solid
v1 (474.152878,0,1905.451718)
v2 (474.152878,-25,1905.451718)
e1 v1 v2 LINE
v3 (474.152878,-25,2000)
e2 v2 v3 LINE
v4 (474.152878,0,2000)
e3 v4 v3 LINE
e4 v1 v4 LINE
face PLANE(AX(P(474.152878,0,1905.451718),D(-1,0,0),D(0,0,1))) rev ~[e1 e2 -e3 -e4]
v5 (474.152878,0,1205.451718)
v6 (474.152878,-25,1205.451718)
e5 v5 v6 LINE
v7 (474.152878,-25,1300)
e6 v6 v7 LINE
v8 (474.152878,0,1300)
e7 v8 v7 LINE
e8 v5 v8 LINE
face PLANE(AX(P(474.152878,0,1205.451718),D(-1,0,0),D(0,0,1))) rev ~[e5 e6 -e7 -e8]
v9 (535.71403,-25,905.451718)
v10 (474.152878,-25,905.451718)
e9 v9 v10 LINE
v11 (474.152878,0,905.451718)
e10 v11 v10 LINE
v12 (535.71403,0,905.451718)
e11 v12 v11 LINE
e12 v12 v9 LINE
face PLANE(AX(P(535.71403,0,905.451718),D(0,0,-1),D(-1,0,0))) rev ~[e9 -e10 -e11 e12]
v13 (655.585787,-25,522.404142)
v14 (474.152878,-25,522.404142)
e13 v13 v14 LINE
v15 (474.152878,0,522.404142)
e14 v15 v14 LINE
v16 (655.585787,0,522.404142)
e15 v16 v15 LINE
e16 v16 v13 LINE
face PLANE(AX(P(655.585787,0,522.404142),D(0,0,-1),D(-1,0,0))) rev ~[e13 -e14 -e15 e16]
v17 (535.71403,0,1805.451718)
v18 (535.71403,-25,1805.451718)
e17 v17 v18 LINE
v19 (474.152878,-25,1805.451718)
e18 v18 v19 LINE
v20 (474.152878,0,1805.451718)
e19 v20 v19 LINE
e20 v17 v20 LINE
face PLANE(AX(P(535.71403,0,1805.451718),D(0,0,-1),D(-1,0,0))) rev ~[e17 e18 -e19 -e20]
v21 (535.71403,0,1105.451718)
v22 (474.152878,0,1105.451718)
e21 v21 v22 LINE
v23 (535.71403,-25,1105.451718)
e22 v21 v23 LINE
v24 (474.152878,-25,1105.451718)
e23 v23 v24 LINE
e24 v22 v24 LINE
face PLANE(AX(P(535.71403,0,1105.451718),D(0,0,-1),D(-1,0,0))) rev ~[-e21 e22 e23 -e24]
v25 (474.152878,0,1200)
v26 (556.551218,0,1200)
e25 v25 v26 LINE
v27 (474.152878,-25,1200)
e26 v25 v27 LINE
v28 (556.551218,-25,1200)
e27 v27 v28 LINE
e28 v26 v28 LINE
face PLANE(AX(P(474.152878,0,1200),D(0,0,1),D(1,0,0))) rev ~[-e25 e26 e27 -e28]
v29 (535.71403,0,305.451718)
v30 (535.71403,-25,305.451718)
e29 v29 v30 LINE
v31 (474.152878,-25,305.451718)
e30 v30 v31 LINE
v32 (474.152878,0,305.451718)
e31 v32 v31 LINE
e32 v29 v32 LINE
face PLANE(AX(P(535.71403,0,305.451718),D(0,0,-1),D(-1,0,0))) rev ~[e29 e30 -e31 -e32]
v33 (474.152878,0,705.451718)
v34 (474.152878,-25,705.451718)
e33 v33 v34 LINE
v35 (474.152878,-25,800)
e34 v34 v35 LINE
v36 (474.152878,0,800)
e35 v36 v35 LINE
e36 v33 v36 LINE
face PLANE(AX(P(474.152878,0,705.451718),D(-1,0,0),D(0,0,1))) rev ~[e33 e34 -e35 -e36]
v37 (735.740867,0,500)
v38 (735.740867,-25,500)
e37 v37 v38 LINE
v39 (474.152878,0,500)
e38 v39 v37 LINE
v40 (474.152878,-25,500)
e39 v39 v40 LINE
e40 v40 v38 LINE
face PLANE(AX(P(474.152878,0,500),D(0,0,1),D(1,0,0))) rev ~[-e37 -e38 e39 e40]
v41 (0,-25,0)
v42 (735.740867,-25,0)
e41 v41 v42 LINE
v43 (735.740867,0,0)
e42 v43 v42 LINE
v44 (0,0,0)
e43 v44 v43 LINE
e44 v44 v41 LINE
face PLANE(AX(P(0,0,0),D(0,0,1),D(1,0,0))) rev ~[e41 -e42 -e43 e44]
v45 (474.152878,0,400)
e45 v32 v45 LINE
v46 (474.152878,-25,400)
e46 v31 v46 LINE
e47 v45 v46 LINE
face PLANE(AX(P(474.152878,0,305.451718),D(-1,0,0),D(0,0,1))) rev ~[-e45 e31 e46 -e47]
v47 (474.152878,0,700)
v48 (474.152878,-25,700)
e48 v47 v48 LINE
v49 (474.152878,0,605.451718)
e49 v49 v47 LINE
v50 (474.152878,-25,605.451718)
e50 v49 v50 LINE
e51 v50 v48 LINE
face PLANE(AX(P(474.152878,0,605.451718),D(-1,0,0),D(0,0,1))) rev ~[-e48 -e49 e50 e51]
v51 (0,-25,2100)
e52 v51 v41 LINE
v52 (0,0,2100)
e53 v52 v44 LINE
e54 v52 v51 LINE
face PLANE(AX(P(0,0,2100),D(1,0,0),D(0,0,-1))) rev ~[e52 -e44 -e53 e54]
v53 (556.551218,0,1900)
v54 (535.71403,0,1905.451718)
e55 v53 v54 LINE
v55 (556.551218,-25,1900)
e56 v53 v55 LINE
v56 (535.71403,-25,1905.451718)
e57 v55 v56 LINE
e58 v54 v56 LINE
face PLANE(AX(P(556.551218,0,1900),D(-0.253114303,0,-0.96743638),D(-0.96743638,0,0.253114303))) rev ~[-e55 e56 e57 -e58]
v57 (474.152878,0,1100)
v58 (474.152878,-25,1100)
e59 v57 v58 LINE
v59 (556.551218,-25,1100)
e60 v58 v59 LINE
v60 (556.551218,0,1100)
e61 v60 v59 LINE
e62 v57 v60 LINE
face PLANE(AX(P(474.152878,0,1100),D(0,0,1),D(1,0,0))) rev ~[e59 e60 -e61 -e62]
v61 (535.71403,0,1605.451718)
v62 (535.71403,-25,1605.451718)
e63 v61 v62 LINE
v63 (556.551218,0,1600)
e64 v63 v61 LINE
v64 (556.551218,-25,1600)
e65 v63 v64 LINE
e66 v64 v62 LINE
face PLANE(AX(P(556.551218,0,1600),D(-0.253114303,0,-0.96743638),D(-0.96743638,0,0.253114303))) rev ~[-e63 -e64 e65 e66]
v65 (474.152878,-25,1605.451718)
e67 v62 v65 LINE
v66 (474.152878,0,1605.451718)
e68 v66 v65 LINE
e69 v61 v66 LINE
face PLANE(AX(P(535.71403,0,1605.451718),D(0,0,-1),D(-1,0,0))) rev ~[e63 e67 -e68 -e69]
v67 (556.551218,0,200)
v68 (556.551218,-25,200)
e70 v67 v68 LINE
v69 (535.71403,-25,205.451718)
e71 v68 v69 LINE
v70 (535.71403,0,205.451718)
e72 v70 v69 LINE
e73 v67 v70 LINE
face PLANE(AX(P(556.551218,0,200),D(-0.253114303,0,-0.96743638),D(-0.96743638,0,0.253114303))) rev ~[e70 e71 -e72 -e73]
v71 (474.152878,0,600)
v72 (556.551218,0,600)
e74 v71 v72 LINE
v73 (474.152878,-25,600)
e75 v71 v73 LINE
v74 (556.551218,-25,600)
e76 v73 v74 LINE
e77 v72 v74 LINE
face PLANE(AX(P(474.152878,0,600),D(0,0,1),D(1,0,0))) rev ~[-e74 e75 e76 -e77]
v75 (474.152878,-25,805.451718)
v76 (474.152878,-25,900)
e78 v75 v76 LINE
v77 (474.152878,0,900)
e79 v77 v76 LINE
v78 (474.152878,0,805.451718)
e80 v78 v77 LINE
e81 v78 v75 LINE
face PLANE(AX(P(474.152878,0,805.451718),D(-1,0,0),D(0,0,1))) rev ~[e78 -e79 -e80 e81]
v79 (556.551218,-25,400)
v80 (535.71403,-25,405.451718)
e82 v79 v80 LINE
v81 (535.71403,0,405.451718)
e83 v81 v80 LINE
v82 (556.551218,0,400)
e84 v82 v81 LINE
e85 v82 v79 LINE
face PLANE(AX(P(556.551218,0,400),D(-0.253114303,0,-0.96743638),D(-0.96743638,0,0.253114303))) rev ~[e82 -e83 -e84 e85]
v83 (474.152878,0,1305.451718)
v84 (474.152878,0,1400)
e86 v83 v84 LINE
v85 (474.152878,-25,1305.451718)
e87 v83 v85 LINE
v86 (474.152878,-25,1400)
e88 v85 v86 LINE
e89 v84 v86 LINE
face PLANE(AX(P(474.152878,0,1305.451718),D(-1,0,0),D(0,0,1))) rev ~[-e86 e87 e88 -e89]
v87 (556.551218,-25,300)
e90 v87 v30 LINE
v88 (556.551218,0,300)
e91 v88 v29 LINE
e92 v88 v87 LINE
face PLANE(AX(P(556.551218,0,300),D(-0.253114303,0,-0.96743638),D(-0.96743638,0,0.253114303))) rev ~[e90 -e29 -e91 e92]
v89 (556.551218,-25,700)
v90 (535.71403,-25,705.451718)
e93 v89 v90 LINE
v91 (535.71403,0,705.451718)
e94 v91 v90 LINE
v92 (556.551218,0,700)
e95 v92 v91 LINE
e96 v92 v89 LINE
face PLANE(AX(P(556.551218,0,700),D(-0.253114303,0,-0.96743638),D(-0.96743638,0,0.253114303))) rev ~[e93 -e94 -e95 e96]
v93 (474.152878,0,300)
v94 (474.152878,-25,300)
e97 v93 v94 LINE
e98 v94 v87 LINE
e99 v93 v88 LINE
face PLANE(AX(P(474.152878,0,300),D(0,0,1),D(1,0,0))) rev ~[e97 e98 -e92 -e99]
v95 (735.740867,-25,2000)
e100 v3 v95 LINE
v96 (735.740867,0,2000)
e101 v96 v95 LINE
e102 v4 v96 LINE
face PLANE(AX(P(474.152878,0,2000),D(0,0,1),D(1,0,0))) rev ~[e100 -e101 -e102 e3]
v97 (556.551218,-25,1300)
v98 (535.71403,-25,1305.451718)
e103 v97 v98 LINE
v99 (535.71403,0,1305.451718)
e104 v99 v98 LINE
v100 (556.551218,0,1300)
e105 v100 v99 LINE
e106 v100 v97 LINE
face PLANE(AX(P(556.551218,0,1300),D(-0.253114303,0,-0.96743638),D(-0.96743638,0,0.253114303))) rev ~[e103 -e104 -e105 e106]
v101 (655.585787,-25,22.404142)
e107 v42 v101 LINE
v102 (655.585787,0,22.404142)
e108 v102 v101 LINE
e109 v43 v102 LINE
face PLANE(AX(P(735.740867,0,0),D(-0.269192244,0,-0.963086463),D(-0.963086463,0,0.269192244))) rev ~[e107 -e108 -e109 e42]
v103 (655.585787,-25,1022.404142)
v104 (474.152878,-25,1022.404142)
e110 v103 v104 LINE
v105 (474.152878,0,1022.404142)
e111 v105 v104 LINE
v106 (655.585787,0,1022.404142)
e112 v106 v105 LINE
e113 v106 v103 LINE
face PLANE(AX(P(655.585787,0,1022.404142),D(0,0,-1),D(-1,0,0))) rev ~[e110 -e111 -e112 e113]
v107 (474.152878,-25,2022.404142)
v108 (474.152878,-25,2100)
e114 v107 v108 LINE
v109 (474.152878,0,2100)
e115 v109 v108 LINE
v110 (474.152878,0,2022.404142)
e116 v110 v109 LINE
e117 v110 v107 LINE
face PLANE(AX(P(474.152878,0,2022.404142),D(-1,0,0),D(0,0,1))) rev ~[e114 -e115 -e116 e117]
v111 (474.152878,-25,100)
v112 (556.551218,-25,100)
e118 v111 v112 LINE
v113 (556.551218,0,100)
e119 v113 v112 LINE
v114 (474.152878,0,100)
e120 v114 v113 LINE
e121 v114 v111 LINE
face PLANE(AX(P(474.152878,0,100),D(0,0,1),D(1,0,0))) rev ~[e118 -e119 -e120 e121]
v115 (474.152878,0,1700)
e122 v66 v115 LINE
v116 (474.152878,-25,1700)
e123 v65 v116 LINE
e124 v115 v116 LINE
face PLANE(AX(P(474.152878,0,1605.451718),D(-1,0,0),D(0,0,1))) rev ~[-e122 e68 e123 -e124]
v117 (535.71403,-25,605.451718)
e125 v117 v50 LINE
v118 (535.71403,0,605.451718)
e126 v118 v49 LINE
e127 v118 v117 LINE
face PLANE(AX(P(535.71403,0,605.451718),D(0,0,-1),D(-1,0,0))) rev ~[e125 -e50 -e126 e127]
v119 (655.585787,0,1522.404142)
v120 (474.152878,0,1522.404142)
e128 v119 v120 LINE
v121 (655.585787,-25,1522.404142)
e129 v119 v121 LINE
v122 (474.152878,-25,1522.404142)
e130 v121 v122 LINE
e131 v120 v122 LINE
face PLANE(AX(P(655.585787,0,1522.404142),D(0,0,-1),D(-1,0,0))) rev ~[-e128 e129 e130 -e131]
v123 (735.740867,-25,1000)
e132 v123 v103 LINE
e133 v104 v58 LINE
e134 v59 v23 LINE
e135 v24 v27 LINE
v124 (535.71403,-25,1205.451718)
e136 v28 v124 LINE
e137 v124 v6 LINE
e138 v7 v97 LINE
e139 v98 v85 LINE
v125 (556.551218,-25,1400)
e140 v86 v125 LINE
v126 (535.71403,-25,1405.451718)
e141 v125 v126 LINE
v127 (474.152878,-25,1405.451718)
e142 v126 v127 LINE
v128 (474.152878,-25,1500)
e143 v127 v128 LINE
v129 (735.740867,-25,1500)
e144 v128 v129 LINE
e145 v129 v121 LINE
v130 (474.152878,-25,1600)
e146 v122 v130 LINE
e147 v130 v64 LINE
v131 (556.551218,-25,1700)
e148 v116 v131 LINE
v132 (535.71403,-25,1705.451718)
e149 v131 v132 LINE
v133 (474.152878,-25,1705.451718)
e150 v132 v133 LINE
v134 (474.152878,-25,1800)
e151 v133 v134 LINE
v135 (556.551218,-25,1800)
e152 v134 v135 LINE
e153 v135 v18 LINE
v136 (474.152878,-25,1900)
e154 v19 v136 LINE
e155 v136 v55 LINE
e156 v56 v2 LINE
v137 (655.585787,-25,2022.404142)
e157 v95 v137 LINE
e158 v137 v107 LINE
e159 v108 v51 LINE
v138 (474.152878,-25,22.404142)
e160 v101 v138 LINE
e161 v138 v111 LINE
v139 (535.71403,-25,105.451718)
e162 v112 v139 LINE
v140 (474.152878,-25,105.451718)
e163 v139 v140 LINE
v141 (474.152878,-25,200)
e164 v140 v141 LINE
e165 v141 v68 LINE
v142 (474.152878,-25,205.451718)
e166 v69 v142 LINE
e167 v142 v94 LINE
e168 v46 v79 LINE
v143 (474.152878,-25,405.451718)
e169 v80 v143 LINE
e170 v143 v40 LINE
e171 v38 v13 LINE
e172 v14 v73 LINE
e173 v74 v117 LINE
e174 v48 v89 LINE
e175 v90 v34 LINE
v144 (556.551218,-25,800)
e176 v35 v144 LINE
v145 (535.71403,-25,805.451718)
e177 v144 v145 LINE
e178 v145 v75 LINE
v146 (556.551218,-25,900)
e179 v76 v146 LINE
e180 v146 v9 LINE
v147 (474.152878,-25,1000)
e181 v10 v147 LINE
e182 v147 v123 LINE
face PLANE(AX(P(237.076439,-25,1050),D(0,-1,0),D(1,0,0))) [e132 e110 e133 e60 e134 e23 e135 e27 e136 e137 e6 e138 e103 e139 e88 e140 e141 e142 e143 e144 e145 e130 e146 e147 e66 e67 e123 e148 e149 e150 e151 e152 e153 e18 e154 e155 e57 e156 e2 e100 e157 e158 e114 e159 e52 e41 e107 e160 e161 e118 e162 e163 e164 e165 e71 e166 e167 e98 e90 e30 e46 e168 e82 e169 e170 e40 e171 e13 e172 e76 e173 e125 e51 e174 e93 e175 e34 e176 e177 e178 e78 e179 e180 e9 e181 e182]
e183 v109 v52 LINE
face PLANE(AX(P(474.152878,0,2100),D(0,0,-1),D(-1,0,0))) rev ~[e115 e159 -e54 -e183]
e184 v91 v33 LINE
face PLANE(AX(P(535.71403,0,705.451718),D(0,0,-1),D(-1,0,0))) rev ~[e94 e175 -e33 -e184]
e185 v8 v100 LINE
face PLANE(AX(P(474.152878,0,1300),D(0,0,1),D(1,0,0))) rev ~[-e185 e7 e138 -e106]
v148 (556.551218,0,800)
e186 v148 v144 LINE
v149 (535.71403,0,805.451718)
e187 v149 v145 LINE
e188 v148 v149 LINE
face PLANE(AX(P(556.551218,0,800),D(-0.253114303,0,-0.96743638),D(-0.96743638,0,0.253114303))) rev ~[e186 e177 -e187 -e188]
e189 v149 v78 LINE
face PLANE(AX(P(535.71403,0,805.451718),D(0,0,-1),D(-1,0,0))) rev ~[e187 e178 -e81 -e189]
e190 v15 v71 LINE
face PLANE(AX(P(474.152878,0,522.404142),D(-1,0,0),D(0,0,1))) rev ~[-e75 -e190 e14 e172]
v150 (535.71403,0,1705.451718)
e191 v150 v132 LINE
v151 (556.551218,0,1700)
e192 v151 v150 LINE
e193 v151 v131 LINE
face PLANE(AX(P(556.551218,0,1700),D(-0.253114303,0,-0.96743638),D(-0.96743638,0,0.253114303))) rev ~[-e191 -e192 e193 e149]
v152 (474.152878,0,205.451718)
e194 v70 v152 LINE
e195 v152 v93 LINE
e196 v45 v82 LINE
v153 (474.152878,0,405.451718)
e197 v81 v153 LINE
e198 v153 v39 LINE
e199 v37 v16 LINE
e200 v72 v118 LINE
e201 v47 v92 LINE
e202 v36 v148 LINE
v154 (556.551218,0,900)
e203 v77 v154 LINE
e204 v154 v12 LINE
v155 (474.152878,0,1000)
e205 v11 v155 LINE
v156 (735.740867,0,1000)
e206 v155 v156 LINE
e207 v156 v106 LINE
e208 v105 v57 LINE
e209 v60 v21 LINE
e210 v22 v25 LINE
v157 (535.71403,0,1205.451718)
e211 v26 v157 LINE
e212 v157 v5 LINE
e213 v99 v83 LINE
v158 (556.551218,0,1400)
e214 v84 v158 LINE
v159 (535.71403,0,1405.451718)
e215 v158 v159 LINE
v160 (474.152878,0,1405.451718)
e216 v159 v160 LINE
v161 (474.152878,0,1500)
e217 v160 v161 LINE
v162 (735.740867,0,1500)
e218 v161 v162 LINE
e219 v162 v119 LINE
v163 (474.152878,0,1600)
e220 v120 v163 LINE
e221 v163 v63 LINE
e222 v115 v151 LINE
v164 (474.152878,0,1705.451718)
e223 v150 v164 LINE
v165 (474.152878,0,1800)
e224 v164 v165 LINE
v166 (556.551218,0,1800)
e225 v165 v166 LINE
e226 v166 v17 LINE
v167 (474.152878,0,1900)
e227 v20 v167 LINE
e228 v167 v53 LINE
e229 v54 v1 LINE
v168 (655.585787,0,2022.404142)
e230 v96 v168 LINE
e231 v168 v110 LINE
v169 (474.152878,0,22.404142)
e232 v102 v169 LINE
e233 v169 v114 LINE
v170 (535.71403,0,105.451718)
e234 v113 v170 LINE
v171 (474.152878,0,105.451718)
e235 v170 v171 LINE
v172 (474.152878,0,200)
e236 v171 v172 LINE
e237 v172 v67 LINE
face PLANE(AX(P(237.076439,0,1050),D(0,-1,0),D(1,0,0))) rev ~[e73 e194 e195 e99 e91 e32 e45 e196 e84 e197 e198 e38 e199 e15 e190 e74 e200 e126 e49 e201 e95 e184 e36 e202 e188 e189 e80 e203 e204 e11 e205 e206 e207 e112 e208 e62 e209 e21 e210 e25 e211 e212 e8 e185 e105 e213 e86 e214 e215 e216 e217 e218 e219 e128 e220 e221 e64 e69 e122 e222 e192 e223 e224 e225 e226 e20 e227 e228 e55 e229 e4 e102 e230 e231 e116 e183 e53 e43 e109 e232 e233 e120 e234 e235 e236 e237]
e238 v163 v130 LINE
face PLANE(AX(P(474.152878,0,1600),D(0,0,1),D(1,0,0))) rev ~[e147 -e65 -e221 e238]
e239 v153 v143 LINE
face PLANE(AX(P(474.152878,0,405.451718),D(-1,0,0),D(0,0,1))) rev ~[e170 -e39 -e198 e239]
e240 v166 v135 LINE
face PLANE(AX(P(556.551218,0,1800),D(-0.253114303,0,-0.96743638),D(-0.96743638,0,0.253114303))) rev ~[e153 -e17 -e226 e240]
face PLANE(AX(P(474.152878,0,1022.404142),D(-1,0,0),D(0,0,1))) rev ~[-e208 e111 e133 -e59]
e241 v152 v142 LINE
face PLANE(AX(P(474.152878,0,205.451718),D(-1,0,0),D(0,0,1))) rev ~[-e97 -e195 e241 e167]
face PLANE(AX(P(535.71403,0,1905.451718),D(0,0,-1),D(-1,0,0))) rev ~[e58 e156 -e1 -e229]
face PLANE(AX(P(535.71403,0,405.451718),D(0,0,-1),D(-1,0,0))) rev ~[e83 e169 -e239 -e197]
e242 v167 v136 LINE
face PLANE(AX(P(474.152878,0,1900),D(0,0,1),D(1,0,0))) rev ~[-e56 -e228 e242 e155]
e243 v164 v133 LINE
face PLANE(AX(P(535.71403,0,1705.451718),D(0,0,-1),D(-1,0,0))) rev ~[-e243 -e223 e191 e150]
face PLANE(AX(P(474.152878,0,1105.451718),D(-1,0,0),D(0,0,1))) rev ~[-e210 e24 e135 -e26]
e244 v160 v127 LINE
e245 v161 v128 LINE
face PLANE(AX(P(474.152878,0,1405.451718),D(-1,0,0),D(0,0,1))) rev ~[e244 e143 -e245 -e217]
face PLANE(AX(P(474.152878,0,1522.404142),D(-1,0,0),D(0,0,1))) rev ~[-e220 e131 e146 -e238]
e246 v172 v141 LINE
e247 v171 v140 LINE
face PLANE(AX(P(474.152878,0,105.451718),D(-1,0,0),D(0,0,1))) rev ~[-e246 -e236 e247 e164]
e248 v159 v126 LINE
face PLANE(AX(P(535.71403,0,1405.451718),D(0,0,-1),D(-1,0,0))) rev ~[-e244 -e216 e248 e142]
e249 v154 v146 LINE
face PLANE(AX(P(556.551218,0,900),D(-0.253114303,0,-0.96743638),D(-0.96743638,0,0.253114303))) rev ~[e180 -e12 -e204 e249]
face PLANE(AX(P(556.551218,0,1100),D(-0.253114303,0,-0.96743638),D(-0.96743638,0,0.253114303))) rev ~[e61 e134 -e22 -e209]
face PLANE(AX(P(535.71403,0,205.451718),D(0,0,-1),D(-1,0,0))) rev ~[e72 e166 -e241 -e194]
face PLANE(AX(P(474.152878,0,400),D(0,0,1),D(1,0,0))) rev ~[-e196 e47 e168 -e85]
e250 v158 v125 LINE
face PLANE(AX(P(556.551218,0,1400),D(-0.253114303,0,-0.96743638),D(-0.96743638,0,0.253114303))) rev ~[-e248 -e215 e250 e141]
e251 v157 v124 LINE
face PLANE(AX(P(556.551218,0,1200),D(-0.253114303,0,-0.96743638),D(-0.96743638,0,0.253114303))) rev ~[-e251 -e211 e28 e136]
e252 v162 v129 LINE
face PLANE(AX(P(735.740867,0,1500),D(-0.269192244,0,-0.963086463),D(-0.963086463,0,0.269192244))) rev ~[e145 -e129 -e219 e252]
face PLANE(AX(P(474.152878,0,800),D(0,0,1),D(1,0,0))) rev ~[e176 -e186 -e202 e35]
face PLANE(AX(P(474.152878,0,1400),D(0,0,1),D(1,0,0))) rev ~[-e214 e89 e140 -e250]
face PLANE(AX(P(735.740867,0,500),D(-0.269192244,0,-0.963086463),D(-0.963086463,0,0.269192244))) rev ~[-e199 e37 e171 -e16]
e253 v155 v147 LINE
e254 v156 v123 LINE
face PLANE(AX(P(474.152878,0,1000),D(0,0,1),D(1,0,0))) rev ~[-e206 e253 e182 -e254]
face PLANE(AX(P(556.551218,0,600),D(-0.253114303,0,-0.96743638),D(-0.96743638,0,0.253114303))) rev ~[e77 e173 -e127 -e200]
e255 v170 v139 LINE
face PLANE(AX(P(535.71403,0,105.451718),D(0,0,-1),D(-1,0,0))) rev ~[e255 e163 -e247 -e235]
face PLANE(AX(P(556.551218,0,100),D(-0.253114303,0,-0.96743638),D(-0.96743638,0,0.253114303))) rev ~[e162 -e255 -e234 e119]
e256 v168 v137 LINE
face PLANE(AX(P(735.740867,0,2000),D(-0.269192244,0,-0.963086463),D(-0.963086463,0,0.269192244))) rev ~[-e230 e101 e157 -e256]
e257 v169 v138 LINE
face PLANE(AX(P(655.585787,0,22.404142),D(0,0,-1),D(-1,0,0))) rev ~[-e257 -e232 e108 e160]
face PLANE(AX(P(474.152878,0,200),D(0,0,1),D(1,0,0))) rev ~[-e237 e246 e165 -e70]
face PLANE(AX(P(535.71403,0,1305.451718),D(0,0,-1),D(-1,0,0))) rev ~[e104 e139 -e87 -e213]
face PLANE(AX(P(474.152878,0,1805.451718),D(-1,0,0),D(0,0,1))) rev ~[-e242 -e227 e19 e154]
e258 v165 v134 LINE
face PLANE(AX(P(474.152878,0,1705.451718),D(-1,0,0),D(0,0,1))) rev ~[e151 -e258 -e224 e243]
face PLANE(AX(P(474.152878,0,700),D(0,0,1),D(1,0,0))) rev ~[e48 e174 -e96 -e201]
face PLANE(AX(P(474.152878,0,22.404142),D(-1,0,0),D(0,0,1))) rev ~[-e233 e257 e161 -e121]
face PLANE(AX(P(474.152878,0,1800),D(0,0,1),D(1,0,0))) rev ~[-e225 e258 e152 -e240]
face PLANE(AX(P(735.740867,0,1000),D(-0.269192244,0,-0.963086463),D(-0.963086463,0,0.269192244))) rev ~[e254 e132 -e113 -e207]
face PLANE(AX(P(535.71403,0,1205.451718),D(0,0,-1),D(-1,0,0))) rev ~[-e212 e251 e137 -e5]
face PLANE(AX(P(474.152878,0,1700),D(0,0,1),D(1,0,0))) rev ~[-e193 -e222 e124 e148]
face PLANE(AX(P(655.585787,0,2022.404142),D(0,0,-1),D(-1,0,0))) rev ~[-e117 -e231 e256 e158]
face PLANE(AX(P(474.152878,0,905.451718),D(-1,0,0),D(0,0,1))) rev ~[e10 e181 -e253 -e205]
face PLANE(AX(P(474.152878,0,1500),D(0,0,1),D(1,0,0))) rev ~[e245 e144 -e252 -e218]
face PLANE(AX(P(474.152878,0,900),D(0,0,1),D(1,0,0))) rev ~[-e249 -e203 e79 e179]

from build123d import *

# Parameters (mm, degrees)
F1_DEPTH = 25


with BuildPart() as f1:
    # F0 (on Front) → F1 (new body)
    with BuildSketch(Plane.XZ):
        Polygon((0, 2100), (0, 0), (474.152878, 0), (474.152878, 5.451718), (474.152878, 22.404142), (474.152878, 100), (474.152878, 105.451718), (474.152878, 200), (474.152878, 205.451718), (474.152878, 300), (474.152878, 305.451718), (474.152878, 400), (474.152878, 405.451718), (474.152878, 500), (474.152878, 505.451718), (474.152878, 522.404142), (474.152878, 600), (474.152878, 605.451718), (474.152878, 700), (474.152878, 705.451718), (474.152878, 800), (474.152878, 805.451718), (474.152878, 900), (474.152878, 905.451718), (474.152878, 1000), (474.152878, 1005.451718), (474.152878, 1022.404142), (474.152878, 1100), (474.152878, 1105.451718), (474.152878, 1200), (474.152878, 1205.451718), (474.152878, 1300), (474.152878, 1305.451718), (474.152878, 1400), (474.152878, 1405.451718), (474.152878, 1500), (474.152878, 1505.451718), (474.152878, 1522.404142), (474.152878, 1600), (474.152878, 1605.451718), (474.152878, 1700), (474.152878, 1705.451718), (474.152878, 1800), (474.152878, 1805.451718), (474.152878, 1900), (474.152878, 1905.451718), (474.152878, 2000), (474.152878, 2022.404142), (474.152878, 2100), align=None)
        Polygon((474.152878, 5.451718), (474.152878, 0), (556.551218, 0), (535.71403, 5.451718), align=None)
        Polygon((474.152878, 22.404142), (474.152878, 5.451718), (535.71403, 5.451718), (556.551218, 0), (735.740867, 0), (655.585787, 22.404142), align=None)
        Polygon((655.585787, 2022.404142), (474.152878, 2022.404142), (474.152878, 2000), (735.740867, 2000), align=None)
        Polygon((474.152878, 105.451718), (474.152878, 100), (556.551218, 100), (535.71403, 105.451718), align=None)
        Polygon((535.71403, 1905.451718), (474.152878, 1905.451718), (474.152878, 1900), (556.551218, 1900), align=None)
        Polygon((474.152878, 205.451718), (474.152878, 200), (556.551218, 200), (535.71403, 205.451718), align=None)
        Polygon((535.71403, 1805.451718), (474.152878, 1805.451718), (474.152878, 1800), (556.551218, 1800), align=None)
        Polygon((474.152878, 305.451718), (474.152878, 300), (556.551218, 300), (535.71403, 305.451718), align=None)
        Polygon((535.71403, 1705.451718), (474.152878, 1705.451718), (474.152878, 1700), (556.551218, 1700), align=None)
        Polygon((474.152878, 405.451718), (474.152878, 400), (556.551218, 400), (535.71403, 405.451718), align=None)
        Polygon((535.71403, 1605.451718), (474.152878, 1605.451718), (474.152878, 1600), (556.551218, 1600), align=None)
        Polygon((474.152878, 505.451718), (474.152878, 500), (556.551218, 500), (535.71403, 505.451718), align=None)
        Polygon((474.152878, 522.404142), (474.152878, 505.451718), (535.71403, 505.451718), (556.551218, 500), (735.740867, 500), (655.585787, 522.404142), align=None)
        Polygon((655.585787, 1522.404142), (474.152878, 1522.404142), (474.152878, 1505.451718), (535.71403, 1505.451718), (556.551218, 1500), (735.740867, 1500), align=None)
        Polygon((535.71403, 1505.451718), (474.152878, 1505.451718), (474.152878, 1500), (556.551218, 1500), align=None)
        Polygon((474.152878, 605.451718), (474.152878, 600), (556.551218, 600), (535.71403, 605.451718), align=None)
        Polygon((535.71403, 1405.451718), (474.152878, 1405.451718), (474.152878, 1400), (556.551218, 1400), align=None)
        Polygon((474.152878, 705.451718), (474.152878, 700), (556.551218, 700), (535.71403, 705.451718), align=None)
        Polygon((535.71403, 1305.451718), (474.152878, 1305.451718), (474.152878, 1300), (556.551218, 1300), align=None)
        Polygon((474.152878, 805.451718), (474.152878, 800), (556.551218, 800), (535.71403, 805.451718), align=None)
        Polygon((535.71403, 1205.451718), (474.152878, 1205.451718), (474.152878, 1200), (556.551218, 1200), align=None)
        Polygon((474.152878, 905.451718), (474.152878, 900), (556.551218, 900), (535.71403, 905.451718), align=None)
        Polygon((535.71403, 1105.451718), (474.152878, 1105.451718), (474.152878, 1100), (556.551218, 1100), align=None)
        Polygon((474.152878, 1005.451718), (474.152878, 1000), (556.551218, 1000), (535.71403, 1005.451718), align=None)
        Polygon((474.152878, 1022.404142), (474.152878, 1005.451718), (535.71403, 1005.451718), (556.551218, 1000), (735.740867, 1000), (655.585787, 1022.404142), align=None)
    extrude(amount=F1_DEPTH)


solid = f1.part
